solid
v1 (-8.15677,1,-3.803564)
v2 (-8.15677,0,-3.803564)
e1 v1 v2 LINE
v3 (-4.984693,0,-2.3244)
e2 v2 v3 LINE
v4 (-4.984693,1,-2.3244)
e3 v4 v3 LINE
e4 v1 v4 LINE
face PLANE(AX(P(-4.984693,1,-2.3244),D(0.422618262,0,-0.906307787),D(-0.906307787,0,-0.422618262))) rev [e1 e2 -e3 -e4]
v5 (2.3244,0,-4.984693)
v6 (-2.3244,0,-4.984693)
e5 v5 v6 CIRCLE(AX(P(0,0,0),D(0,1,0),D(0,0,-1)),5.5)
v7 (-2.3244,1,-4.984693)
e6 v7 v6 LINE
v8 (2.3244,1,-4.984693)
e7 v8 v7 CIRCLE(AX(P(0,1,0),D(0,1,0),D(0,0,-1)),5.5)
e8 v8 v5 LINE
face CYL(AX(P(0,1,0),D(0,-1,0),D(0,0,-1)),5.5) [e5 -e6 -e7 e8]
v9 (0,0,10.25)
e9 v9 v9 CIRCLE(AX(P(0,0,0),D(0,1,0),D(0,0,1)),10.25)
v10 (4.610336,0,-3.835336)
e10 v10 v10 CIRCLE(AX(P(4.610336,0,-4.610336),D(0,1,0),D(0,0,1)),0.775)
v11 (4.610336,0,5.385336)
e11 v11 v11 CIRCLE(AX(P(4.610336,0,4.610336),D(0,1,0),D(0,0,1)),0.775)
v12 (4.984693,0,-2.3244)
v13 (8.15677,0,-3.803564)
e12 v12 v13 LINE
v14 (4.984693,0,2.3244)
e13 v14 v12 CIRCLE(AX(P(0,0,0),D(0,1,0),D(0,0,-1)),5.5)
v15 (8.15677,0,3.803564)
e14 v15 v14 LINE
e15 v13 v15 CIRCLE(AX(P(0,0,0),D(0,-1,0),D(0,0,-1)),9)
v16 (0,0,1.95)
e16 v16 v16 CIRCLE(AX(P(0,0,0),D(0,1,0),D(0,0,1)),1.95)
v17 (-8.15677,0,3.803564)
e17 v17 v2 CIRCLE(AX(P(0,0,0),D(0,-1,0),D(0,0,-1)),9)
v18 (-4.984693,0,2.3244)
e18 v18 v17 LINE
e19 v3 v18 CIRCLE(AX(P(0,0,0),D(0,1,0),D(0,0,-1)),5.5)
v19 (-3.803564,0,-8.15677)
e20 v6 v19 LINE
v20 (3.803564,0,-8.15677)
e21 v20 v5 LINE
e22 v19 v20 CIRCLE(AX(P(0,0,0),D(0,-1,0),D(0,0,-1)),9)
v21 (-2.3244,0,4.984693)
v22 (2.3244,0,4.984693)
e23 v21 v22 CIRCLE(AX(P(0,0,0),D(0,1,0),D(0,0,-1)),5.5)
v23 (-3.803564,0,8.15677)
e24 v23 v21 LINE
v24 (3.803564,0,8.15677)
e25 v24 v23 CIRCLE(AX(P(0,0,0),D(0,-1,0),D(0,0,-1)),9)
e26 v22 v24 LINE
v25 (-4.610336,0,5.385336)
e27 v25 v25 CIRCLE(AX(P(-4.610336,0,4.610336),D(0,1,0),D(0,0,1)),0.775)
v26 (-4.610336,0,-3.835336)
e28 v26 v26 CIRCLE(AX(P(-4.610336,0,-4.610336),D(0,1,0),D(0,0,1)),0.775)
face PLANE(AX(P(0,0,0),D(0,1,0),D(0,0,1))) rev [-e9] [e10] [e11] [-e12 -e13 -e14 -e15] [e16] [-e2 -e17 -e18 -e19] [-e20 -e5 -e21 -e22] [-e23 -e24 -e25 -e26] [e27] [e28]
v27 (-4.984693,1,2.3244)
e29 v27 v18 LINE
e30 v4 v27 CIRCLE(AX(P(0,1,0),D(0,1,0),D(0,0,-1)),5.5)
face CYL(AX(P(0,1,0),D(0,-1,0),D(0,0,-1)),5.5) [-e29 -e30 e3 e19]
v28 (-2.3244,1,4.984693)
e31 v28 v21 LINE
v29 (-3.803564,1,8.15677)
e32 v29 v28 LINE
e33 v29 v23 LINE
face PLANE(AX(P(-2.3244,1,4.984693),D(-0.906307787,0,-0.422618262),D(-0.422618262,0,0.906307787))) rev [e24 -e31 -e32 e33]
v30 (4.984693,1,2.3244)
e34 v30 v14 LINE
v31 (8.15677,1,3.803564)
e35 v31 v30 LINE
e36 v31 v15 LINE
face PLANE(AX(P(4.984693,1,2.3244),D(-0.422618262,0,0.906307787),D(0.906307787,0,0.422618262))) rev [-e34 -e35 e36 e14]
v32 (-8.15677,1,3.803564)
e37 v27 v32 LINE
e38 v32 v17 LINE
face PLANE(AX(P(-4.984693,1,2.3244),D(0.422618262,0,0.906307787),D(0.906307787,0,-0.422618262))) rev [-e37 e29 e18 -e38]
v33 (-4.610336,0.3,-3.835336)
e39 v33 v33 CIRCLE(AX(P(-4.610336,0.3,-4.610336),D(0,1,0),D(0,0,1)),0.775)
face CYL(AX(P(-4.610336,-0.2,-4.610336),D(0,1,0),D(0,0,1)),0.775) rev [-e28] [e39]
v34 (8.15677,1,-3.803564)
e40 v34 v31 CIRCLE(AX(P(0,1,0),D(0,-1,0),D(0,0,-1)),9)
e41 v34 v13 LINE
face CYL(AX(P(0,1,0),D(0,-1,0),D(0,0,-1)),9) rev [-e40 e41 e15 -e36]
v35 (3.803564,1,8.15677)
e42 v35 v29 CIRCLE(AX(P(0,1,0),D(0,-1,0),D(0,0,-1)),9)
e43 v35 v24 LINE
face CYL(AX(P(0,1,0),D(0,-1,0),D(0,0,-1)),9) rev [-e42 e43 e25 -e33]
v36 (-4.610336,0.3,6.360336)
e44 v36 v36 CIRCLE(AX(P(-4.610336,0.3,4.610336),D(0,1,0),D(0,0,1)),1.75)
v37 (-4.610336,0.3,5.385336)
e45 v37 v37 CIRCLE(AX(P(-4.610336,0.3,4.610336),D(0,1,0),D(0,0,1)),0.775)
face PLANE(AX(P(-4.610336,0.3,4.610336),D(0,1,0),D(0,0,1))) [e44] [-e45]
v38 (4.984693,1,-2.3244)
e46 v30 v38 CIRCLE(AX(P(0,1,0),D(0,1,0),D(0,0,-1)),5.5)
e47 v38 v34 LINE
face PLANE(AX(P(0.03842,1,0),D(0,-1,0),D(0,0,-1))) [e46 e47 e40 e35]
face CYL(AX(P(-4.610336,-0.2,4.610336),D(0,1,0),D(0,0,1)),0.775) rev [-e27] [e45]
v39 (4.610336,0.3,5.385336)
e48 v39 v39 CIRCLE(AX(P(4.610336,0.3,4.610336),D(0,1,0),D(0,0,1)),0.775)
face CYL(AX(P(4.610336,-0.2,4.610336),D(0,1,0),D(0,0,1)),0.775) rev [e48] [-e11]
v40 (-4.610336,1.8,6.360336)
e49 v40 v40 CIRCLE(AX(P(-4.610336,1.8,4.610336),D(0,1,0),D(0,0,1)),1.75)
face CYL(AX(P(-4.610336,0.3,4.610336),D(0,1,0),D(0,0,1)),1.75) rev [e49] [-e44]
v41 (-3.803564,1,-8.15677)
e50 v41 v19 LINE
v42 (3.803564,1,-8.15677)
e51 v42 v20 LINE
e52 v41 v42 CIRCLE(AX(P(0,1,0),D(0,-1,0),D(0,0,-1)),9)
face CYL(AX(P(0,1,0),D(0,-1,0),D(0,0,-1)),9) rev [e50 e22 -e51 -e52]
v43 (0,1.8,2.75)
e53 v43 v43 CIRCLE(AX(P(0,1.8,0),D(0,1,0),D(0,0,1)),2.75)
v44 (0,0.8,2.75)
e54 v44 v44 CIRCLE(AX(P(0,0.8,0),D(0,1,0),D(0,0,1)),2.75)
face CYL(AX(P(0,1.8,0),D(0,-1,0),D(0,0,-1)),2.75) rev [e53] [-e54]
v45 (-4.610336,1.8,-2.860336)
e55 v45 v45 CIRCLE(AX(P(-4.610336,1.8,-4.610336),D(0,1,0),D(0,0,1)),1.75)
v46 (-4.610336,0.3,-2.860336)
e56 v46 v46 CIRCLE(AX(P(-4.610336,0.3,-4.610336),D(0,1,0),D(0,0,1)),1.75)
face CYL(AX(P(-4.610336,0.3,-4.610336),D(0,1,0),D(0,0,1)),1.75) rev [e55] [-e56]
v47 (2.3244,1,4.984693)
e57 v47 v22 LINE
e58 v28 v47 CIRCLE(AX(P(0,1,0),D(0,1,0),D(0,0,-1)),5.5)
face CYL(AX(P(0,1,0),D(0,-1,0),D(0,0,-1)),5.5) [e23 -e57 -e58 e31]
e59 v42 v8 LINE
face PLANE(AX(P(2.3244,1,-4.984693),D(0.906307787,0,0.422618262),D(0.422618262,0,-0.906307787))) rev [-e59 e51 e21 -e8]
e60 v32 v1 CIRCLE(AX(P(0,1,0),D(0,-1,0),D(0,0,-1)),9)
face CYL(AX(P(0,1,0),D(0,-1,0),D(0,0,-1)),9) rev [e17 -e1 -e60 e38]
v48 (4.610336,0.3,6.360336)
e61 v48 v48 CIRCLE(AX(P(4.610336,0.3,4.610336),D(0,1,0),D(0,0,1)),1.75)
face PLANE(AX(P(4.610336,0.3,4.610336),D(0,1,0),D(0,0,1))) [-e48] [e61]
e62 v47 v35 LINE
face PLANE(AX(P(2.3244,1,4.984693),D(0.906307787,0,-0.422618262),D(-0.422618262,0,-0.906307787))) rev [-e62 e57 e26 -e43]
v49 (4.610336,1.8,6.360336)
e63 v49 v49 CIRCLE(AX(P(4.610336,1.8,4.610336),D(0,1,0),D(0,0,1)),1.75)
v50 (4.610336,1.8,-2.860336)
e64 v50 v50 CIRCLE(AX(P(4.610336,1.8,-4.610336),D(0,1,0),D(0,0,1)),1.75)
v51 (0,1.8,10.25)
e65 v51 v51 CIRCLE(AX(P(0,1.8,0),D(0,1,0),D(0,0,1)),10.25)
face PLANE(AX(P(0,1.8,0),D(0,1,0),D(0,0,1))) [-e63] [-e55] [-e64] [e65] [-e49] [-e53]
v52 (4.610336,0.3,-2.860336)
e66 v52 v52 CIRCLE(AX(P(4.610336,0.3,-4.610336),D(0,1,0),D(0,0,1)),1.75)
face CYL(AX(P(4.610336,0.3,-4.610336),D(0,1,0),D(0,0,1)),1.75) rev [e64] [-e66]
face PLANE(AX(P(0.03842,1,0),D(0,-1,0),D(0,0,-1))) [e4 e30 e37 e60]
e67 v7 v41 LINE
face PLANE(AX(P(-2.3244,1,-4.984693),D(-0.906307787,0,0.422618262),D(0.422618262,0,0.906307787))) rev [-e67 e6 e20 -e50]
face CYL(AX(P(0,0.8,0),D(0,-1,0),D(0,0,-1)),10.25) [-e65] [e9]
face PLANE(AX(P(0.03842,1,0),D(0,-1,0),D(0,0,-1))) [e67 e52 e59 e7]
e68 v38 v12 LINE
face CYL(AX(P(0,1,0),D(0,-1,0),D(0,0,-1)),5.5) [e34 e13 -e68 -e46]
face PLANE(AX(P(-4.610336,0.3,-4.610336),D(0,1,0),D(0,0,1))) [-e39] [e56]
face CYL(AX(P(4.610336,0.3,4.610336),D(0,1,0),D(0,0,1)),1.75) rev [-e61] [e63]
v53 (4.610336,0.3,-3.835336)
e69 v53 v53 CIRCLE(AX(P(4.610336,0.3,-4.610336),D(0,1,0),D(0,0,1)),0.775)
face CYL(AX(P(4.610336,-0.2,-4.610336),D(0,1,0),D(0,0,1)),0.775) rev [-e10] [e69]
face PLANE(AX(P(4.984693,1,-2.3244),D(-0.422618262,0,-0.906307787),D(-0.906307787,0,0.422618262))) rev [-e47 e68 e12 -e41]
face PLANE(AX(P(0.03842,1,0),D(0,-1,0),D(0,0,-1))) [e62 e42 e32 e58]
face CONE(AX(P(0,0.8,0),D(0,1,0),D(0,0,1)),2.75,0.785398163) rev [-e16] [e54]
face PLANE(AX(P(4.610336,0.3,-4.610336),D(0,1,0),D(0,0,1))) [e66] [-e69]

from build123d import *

# Parameters (mm, degrees)
SKETCH1_R                                         = 10.25
BOSS_EXTRUDE1_DEPTH                               = 0.8
CSK_FOR_M2_5_FLAT_HEAD_MACHINE_SCREW1_D           = 2.9
CSK_FOR_M2_5_FLAT_HEAD_MACHINE_SCREW1_DEPTH       = 15
CSK_FOR_M2_5_FLAT_HEAD_MACHINE_SCREW1_CSINK_D     = 5.5
CSK_FOR_M2_5_FLAT_HEAD_MACHINE_SCREW1_CSINK_ANGLE = 90
CSK_FOR_M2_5_FLAT_HEAD_MACHINE_SCREW1_TIP         = 0.871247898
SKETCH2_R                                         = 1.75
CUT_EXTRUDE1_DEPTH                                = 0.5
SKETCH5_R                                         = 0.775
CUT_EXTRUDE2_DEPTH                                = 0.5
BOSS_EXTRUDE2_START                               = 1
SKETCH6_R                                         = 10.25
SKETCH6_R_2                                       = 1.75
SKETCH6_R_3                                       = 2.75
BOSS_EXTRUDE2_DEPTH                               = 1
CUT_EXTRUDE3_DEPTH                                = 1
CUT_EXTRUDE4_DEPTH                                = 1


with BuildPart() as part:
    # Sketch1 → Boss-Extrude1 (new body)
    with BuildSketch(Plane(origin=(0, 0, 0), x_dir=(1, 0, 0), z_dir=(0, 1, 0))):
        with Locations(Location((0, 0, 0), (0, 0, 270))):
            Circle(SKETCH1_R)
    extrude(amount=BOSS_EXTRUDE1_DEPTH)

    # CSK for M2.5 Flat Head Machine Screw1
    with Locations(Plane(origin=(0, 0.8, 0), x_dir=(1, 0, 0), z_dir=(0, 1, 0))):
        with Locations((0, 0)):
            CounterSinkHole(CSK_FOR_M2_5_FLAT_HEAD_MACHINE_SCREW1_D / 2, CSK_FOR_M2_5_FLAT_HEAD_MACHINE_SCREW1_CSINK_D / 2, depth=CSK_FOR_M2_5_FLAT_HEAD_MACHINE_SCREW1_DEPTH, counter_sink_angle=CSK_FOR_M2_5_FLAT_HEAD_MACHINE_SCREW1_CSINK_ANGLE)
            with Locations((0, 0, -(CSK_FOR_M2_5_FLAT_HEAD_MACHINE_SCREW1_DEPTH + CSK_FOR_M2_5_FLAT_HEAD_MACHINE_SCREW1_TIP / 2))):  # 118° drill point
                Cone(0, CSK_FOR_M2_5_FLAT_HEAD_MACHINE_SCREW1_D / 2, CSK_FOR_M2_5_FLAT_HEAD_MACHINE_SCREW1_TIP, mode=Mode.SUBTRACT)

    # Sketch2 → Cut-Extrude1 (cut)
    with BuildSketch(Plane(origin=(0, 0.8, 0), x_dir=(1, 0, 0), z_dir=(0, 1, 0))):
        with Locations(Location((-4.610336213, -4.610336213, 0), (0, 0, 270))):
            Circle(SKETCH2_R)
        with Locations(Location((4.610336213, 4.610336213, 0), (0, 0, 270))):
            Circle(SKETCH2_R)
        with Locations(Location((4.610336213, -4.610336213, 0), (0, 0, 270))):
            Circle(SKETCH2_R)
        with Locations(Location((-4.610336213, 4.610336213, 0), (0, 0, 270))):
            Circle(SKETCH2_R)
    extrude(amount=-CUT_EXTRUDE1_DEPTH, mode=Mode.SUBTRACT)

    # Sketch5 → Cut-Extrude2 (cut)
    with BuildSketch(Plane(origin=(0, 0.3, 0), x_dir=(1, 0, 0), z_dir=(0, 1, 0))):
        with Locations(Location((-4.610336213, -4.610336213, 0), (0, 0, 270))):
            Circle(SKETCH5_R)
        with Locations(Location((4.610336213, 4.610336213, 0), (0, 0, 270))):
            Circle(SKETCH5_R)
        with Locations(Location((4.610336213, -4.610336213, 0), (0, 0, 270))):
            Circle(SKETCH5_R)
        with Locations(Location((-4.610336213, 4.610336213, 0), (0, 0, 270))):
            Circle(SKETCH5_R)
    extrude(amount=-CUT_EXTRUDE2_DEPTH, mode=Mode.SUBTRACT)

    # Sketch6 → Boss-Extrude2 (add)
    with BuildSketch(Plane(origin=(0, 0.8, 0), x_dir=(1, 0, 0), z_dir=(0, 1, 0)).offset(BOSS_EXTRUDE2_START)):
        with Locations(Location((0, 0, 0), (0, 0, 270))):
            Circle(SKETCH6_R)
        with Locations(Location((4.610336213, 4.610336213, 0), (0, 0, 270))):
            Circle(SKETCH6_R_2, mode=Mode.SUBTRACT)
        with Locations(Location((0, 0, 0), (0, 0, 270))):
            Circle(SKETCH6_R_3, mode=Mode.SUBTRACT)
        with Locations(Location((-4.610336213, -4.610336213, 0), (0, 0, 270))):
            Circle(SKETCH6_R_2, mode=Mode.SUBTRACT)
        with Locations(Location((4.610336213, -4.610336213, 0), (0, 0, 270))):
            Circle(SKETCH6_R_2, mode=Mode.SUBTRACT)
        with Locations(Location((-4.610336213, 4.610336213, 0), (0, 0, 270))):
            Circle(SKETCH6_R_2, mode=Mode.SUBTRACT)
    extrude(amount=-BOSS_EXTRUDE2_DEPTH)

    # Sketch12 → Cut-Extrude3 (cut)
    with BuildSketch(Plane.XZ):
        with BuildLine():
            Line((-3.21438925, 7.852976026), (-2.257680669, 5.543277195))
            ThreePointArc((-2.257680669, 5.543277195), (0.038419926, 6), (2.33452052, 5.543277195))
            Line((2.33452052, 5.543277195), (3.291229101, 7.852976026))
            ThreePointArc((3.291229101, 7.852976026), (0.038419926, 8.5), (-3.21438925, 7.852976026))
        make_face()
        with BuildLine():
            Line((-5.50485727, 2.296100594), (-7.814556101, 3.252809175))
            ThreePointArc((-7.814556101, 3.252809175), (-8.461580074, 0), (-7.814556101, -3.252809175))
            Line((-7.814556101, -3.252809175), (-5.50485727, -2.296100594))
            ThreePointArc((-5.50485727, -2.296100594), (-5.961580074, 0), (-5.50485727, 2.296100594))
        make_face()
        with BuildLine():
            Line((-2.257680669, -5.543277195), (-3.21438925, -7.852976026))
            ThreePointArc((-3.21438925, -7.852976026), (0.038419926, -8.5), (3.291229101, -7.852976026))
            Line((3.291229101, -7.852976026), (2.33452052, -5.543277195))
            ThreePointArc((2.33452052, -5.543277195), (0.038419926, -6), (-2.257680669, -5.543277195))
        make_face()
        with BuildLine():
            Line((7.891395952, 3.252809175), (5.581697121, 2.296100594))
            ThreePointArc((5.581697121, 2.296100594), (6.038419926, 0), (5.581697121, -2.296100594))
            Line((5.581697121, -2.296100594), (7.891395952, -3.252809175))
            ThreePointArc((7.891395952, -3.252809175), (8.538419926, 0), (7.891395952, 3.252809175))
        make_face()
    extrude(amount=-CUT_EXTRUDE3_DEPTH, mode=Mode.SUBTRACT)

    # Sketch13 → Cut-Extrude4 (cut)
    with BuildSketch(Plane(origin=(0, 0, 0), x_dir=(-1, 0, 0), z_dir=(0, -1, 0))):
        with BuildLine():
            Line((2.32440044, 4.984692829), (3.803564356, 8.156770083))
            ThreePointArc((3.803564356, 8.156770083), (0, 9), (-3.803564356, 8.156770083))
            Line((-3.803564356, 8.156770083), (-2.32440044, 4.984692829))
            ThreePointArc((-2.32440044, 4.984692829), (0, 5.5), (2.32440044, 4.984692829))
        make_face()
        with BuildLine():
            Line((4.984692829, 2.32440044), (8.156770083, 3.803564356))
            ThreePointArc((8.156770083, 3.803564356), (9, 0), (8.156770083, -3.803564356))
            Line((8.156770083, -3.803564356), (4.984692829, -2.32440044))
            ThreePointArc((4.984692829, -2.32440044), (5.5, 0), (4.984692829, 2.32440044))
        make_face()
        with BuildLine():
            Line((2.32440044, -4.984692829), (3.803564356, -8.156770083))
            ThreePointArc((3.803564356, -8.156770083), (0, -9), (-3.803564356, -8.156770083))
            Line((-3.803564356, -8.156770083), (-2.32440044, -4.984692829))
            ThreePointArc((-2.32440044, -4.984692829), (0, -5.5), (2.32440044, -4.984692829))
        make_face()
        with BuildLine():
            Line((-4.984692829, -2.32440044), (-8.156770083, -3.803564356))
            ThreePointArc((-8.156770083, -3.803564356), (-9, 0), (-8.156770083, 3.803564356))
            Line((-8.156770083, 3.803564356), (-4.984692829, 2.32440044))
            ThreePointArc((-4.984692829, 2.32440044), (-5.5, 0), (-4.984692829, -2.32440044))
        make_face()
    extrude(amount=-CUT_EXTRUDE4_DEPTH, mode=Mode.SUBTRACT)


solid = part.part
